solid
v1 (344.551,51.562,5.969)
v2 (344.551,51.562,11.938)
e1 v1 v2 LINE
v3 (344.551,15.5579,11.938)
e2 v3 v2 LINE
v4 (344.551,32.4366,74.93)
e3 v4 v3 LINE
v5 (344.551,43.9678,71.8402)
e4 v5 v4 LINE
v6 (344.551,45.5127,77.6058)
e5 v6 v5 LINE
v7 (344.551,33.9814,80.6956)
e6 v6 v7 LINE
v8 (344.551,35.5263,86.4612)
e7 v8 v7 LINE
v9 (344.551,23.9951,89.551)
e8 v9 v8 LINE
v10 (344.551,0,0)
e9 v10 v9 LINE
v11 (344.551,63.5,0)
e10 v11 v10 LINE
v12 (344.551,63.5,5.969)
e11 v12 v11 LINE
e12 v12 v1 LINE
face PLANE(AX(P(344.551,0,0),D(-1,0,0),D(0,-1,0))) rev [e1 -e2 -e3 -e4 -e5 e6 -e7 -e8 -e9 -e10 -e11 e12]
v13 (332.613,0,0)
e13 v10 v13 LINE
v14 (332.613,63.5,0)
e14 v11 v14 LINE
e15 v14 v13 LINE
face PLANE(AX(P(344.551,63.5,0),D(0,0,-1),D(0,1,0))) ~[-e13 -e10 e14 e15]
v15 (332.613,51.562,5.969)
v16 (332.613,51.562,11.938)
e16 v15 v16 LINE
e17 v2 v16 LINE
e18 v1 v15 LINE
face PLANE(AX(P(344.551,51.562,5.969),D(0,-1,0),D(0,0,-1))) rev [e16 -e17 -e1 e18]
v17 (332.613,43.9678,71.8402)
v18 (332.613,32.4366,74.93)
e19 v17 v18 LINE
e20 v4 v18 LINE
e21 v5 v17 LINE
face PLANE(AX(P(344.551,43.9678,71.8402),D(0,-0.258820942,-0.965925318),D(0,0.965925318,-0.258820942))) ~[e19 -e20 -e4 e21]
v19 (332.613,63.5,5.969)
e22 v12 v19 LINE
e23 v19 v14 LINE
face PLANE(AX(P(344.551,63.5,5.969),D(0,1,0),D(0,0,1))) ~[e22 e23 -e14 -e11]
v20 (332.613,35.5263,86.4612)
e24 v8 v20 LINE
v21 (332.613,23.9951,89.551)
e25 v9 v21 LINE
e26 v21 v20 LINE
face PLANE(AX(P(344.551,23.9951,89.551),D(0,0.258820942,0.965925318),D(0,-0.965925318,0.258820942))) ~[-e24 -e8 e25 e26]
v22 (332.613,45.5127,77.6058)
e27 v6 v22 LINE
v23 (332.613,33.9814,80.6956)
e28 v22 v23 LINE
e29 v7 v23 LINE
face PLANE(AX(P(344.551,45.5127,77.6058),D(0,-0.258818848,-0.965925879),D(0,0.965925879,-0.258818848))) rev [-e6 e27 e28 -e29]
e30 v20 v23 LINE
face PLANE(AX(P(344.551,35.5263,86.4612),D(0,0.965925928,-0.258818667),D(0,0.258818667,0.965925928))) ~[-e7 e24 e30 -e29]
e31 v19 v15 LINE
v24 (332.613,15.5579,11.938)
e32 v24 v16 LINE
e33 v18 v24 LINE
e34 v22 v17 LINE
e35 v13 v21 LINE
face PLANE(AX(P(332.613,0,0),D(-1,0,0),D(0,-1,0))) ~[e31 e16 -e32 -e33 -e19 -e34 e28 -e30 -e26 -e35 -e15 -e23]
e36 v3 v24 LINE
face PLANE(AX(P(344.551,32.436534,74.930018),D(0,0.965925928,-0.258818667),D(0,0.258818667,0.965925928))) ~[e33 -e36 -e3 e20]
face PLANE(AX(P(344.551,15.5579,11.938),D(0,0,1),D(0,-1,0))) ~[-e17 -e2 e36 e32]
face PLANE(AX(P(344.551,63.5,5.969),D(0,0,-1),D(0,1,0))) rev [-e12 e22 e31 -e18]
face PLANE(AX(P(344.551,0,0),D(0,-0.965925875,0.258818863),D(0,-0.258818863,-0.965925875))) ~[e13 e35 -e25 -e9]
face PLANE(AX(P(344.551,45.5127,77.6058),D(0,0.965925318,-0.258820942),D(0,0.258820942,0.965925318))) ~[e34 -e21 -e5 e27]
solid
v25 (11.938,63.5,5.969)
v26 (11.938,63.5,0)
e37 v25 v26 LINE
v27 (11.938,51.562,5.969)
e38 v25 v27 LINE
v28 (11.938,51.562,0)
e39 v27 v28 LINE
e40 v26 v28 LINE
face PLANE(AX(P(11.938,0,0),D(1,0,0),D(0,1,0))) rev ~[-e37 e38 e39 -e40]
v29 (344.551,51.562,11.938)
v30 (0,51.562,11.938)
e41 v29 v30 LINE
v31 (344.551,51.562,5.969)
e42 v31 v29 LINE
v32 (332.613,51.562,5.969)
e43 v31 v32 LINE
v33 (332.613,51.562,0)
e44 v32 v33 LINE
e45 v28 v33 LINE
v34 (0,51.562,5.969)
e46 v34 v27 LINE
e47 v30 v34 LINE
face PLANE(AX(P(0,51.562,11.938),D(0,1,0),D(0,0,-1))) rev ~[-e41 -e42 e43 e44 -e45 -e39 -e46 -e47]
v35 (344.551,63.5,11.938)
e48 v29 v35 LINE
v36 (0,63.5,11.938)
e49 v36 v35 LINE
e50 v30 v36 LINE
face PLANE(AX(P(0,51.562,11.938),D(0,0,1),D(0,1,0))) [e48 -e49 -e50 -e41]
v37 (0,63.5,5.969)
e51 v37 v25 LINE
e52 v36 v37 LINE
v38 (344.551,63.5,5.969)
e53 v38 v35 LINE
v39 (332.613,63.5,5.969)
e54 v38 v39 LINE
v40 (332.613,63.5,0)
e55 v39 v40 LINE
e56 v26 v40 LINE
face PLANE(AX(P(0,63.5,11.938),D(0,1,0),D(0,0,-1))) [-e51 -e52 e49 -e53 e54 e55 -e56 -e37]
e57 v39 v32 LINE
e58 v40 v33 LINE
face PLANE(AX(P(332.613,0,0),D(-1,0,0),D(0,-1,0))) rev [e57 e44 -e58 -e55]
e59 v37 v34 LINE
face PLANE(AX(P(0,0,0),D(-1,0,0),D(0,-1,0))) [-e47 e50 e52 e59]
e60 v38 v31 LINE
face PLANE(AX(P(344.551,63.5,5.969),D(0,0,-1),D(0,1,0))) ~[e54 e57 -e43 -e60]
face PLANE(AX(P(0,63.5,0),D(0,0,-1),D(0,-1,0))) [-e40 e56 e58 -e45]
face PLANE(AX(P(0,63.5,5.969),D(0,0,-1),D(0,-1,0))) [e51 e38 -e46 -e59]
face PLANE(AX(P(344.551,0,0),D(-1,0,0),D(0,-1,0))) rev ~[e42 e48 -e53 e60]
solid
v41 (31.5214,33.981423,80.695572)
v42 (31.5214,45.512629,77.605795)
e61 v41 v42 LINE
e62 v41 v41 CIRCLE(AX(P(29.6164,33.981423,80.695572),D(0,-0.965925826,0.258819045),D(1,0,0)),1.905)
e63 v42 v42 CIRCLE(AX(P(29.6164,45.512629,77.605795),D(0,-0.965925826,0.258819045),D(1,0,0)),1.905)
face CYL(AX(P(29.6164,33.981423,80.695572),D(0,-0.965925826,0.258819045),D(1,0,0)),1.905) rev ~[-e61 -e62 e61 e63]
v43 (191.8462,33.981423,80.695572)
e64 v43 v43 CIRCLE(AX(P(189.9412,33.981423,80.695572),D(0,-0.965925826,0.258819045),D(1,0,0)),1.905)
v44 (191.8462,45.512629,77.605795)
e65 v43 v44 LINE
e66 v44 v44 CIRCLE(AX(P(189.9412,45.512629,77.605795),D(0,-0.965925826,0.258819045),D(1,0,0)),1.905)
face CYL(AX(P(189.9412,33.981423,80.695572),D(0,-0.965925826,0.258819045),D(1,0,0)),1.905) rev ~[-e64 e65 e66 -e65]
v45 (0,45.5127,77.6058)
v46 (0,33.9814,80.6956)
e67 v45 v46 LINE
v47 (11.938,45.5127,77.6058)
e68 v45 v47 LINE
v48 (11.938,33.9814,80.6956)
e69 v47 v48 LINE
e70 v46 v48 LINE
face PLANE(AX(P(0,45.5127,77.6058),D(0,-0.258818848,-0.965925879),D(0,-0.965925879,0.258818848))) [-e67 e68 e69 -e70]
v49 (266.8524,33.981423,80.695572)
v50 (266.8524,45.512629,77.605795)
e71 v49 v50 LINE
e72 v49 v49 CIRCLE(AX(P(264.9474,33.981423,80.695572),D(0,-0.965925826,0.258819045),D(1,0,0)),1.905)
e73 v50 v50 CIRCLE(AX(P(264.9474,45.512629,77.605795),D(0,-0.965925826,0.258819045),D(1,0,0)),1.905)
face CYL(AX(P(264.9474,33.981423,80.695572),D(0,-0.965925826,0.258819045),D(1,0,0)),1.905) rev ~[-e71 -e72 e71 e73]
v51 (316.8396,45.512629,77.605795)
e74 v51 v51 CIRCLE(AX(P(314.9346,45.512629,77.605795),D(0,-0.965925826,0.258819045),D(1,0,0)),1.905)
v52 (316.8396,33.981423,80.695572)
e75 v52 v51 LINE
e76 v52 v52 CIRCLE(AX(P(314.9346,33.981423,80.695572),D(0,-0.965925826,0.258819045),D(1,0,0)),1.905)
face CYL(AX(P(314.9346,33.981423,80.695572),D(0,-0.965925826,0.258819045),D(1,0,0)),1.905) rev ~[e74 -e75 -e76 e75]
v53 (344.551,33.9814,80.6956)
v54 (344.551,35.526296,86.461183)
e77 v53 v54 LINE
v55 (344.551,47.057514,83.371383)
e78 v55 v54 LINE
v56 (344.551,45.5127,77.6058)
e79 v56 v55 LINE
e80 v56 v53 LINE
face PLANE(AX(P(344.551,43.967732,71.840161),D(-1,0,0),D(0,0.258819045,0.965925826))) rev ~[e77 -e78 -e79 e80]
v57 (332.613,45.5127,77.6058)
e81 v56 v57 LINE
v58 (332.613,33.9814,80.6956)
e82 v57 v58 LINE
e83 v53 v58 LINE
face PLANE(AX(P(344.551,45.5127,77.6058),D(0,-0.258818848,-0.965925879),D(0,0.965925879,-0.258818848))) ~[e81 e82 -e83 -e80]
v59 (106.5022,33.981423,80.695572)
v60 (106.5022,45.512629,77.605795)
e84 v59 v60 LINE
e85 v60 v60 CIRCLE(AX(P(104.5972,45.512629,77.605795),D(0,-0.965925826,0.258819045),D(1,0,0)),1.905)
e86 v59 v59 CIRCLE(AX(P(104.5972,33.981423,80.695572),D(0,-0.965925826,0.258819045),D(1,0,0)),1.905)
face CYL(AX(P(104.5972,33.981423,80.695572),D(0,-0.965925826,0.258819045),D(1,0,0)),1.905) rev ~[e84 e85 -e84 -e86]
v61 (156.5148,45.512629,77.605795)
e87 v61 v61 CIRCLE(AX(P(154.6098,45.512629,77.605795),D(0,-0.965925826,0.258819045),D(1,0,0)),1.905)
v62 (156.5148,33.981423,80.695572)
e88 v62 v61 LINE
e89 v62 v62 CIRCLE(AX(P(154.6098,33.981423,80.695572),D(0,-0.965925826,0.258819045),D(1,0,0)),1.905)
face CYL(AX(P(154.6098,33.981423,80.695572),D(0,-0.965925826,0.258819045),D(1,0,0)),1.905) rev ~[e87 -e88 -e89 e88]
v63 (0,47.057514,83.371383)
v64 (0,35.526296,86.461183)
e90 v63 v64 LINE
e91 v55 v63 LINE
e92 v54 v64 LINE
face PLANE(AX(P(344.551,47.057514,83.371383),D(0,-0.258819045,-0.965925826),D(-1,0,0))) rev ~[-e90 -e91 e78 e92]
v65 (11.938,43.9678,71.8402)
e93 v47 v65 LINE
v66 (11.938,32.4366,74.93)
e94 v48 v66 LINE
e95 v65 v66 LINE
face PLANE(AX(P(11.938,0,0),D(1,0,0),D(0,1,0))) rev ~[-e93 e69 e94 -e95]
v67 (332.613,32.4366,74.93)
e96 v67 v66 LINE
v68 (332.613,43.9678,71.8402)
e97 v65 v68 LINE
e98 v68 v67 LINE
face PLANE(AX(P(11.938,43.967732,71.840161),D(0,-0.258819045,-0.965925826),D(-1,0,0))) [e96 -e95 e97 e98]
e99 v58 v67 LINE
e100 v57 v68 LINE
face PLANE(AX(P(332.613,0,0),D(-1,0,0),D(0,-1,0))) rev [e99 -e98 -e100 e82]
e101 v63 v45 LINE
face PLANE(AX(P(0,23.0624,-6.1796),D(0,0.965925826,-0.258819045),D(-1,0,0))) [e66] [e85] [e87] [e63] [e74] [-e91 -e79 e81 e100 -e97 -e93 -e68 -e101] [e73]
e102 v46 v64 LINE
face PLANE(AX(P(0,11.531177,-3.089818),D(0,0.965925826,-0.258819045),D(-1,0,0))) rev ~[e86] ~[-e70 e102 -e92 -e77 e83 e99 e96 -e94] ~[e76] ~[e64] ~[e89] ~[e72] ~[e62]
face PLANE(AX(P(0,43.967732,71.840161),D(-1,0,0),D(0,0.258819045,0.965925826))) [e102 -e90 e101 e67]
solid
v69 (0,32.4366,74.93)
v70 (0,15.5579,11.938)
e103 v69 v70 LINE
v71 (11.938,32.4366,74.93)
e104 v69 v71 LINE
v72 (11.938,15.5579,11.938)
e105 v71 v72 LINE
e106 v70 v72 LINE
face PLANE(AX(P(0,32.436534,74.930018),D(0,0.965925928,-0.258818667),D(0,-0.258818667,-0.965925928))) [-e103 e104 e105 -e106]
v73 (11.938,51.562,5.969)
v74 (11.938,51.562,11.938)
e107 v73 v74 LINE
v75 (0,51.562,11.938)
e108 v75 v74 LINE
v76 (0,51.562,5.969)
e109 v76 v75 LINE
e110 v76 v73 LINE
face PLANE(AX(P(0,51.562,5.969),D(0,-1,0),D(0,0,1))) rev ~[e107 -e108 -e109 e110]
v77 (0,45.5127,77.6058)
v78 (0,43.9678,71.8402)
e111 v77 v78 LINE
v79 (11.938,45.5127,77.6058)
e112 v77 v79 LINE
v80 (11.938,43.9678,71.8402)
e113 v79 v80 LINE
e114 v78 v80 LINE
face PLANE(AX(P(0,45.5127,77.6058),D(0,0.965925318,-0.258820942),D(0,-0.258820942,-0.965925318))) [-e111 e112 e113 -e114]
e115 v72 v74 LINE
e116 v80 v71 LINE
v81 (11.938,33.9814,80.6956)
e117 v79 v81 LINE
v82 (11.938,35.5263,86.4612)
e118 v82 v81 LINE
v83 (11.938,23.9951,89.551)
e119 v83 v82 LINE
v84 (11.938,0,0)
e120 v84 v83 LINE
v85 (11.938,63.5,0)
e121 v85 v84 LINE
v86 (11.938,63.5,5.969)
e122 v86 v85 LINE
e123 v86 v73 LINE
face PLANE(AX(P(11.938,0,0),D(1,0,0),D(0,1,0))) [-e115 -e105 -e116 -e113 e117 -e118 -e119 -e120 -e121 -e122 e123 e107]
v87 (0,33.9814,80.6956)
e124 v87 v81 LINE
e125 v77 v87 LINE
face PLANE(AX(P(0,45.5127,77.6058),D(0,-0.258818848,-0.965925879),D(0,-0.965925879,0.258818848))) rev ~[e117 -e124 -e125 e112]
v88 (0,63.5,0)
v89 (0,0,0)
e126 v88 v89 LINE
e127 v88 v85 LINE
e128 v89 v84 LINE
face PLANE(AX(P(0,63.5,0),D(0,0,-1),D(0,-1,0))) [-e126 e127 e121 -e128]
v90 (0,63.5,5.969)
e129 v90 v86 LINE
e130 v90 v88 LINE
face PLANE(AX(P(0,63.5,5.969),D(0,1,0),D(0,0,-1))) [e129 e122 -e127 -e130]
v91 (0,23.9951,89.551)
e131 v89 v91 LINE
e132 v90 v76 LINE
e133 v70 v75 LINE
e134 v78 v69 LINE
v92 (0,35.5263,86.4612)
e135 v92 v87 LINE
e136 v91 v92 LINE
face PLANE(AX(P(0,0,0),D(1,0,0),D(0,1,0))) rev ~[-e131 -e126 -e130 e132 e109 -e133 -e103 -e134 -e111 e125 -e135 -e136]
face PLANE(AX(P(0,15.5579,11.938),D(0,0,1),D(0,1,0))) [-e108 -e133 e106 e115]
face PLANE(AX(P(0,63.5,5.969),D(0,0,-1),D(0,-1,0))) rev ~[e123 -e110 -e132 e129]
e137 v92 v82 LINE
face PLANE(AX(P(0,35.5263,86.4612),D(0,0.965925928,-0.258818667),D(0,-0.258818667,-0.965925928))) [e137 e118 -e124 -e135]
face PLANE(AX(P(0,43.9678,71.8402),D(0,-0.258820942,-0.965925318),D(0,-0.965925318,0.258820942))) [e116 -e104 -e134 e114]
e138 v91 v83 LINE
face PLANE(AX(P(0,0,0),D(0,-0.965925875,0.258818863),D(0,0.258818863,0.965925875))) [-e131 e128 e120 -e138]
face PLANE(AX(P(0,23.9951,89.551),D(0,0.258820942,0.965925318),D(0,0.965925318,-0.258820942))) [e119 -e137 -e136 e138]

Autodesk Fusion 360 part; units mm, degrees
sketch "Sketch1" plane through (0, 0, 0) normal (1, 0, 0) x (0, 1, 0)
  line L0 (0, 0) -> (23.9951, 89.551)
  line L1 (23.9951, 89.551) -> (35.5263, 86.4612)
  line L2 (35.5263, 86.4612) -> (15.5579, 11.938)
  line L3 (15.5579, 11.938) -> (51.562, 11.938)
  line L4 (63.5, 5.969) -> (63.5, 0)
  line L5 (63.5, 0) -> (0, 0)
  line L6 (45.5127, 77.6058) -> (43.9678, 71.8402)
  line L7 (43.9678, 71.8402) -> (32.4366, 74.93)
  line L8 (45.5127, 77.6058) -> (33.9814, 80.6956)
  line L9 (63.5, 5.969) -> (51.562, 5.969)
  line L10 (51.562, 5.969) -> (51.562, 11.938)
  dimension "d9" = 92.71
  dimension "d10" = 11.938
  dimension "d11" = 75
  dimension "d13" = 63.5
  dimension "d24" = 11.938
  dimension "d25" = 5.969
  dimension "d26" = 5.969
  dimension "d27" = 11.938
  dimension "d28" = 5.969
  dimension "d29" = 36.0041
extrude "Extrude1" add sketch "Sketch1" along normal blind 11.938 makes body 1
sketch "Sketch3" plane through (0, 23.0624, -6.1796) normal (0, 0.9659, -0.2588) x (-1, 0, 0)
  line L0 (0, 80.772) -> (0, 86.741)
  line L1 (-11.938, 86.741) -> (-11.938, 80.772)
  line L2 (-11.938, 80.772) -> (0, 80.772)
  line L3 (0, 80.772) -> (-344.551, 80.772)
  line L4 (-344.551, 80.772) -> (-344.551, 92.71)
  line L5 (-344.551, 92.71) -> (0, 92.71)
  line L6 (0, 92.71) -> (0, 80.772)
  line L7 (0, 86.741) -> (-11.938, 86.741)
  dimension "d16" = 11.938
  dimension "d17" = 344.551
extrude "Extrude3" add sketch "Sketch3" against normal blind 11.938 separate body makes body 2
ref_plane "WorkPlane2" through (172.2755, 39.7471, 79.1507) normal (-1, 0, 0) x (0, -0.2588, -0.9659)
mirror "Mirror2" about plane through (172.2755, 39.7471, 79.1507) normal (-1, 0, 0) of bodies 1 makes body 3
sketch "Sketch4" plane through (0, 0, 0) normal (-1, 0, 0) x (0, -1, 0)
  line L0 (-43.9678, 71.8402) -> (-32.4366, 74.93)
  line L1 (-32.4366, 74.93) -> (-15.5579, 11.938)
  line L2 (-15.5579, 11.938) -> (-51.562, 11.938)
  line L3 (-51.562, 11.938) -> (-51.562, 5.969)
  line L4 (-51.562, 5.969) -> (-63.5, 5.969)
  line L5 (-63.5, 5.969) -> (-63.5, 0)
  line L6 (-63.5, 0) -> (0, 0)
  line L7 (0, 0) -> (-23.9951, 89.551)
  line L8 (-23.9951, 89.551) -> (-35.5263, 86.4612)
  line L9 (-35.5263, 86.4612) -> (-33.9814, 80.6956)
  line L10 (-33.9814, 80.6956) -> (-45.5127, 77.6058)
  line L11 (-45.5127, 77.6058) -> (-43.9678, 71.8402)
  line L12 (-63.5, 0) -> (-51.562, 0)
  line L13 (-51.562, 0) -> (-51.562, 11.938)
  line L14 (-51.562, 11.938) -> (-63.5, 11.938)
  line L15 (-63.5, 11.938) -> (-63.5, 0)
extrude "Extrude4" add sketch "Sketch4" against normal up to surface (344.551 mm away) separate body contours L3 L4 L13 L14 L15 | L4 L5 L6 L12 L13 L15 makes body 4
combine "Combine3" operation cut target body 2 tool bodies 1 3 keep tools
combine "Combine4" operation cut target body 4 tool bodies 1 3 keep tools
copy_body "Body->Comp9" bodies 1 removing the originals makes body 5 in component "Side1"
copy_body "Body->Comp10" bodies 2 removing the originals makes body 6 in component "TopStretcher"
copy_body "Body->Comp11" bodies 3 removing the originals makes body 7 in component "Side2"
copy_body "Body->Comp12" bodies 4 removing the originals makes body 8 in component "BottomStretcher"
sketch "Sketch5" plane through (0, 11.5312, -3.0898) normal (0, -0.9659, 0.2588) x (1, 0, 0)
  line L0 (344.551, 92.71) -> (0, 92.71)
  line L1 (0, 92.71) -> (0, 86.741)
  line L2 (0, 86.741) -> (11.938, 86.741)
  line L3 (11.938, 86.741) -> (11.938, 80.772)
  line L4 (11.938, 80.772) -> (332.613, 80.772)
  line L5 (332.613, 80.772) -> (332.613, 86.741)
  line L6 (332.613, 86.741) -> (344.551, 86.741)
  line L7 (344.551, 86.741) -> (344.551, 92.71)
  line L8 (11.938, 86.741) -> (332.613, 86.741) construction
  circle A0 centre (314.9346, 86.741) radius 1.905
  circle A1 centre (264.9474, 86.741) radius 1.905
  circle A2 centre (189.9412, 86.741) radius 1.905
  circle A3 centre (29.6164, 86.741) radius 1.905
  circle A4 centre (104.5972, 86.741) radius 1.905
  circle A5 centre (154.6098, 86.741) radius 1.905
  line L9 (11.938, 92.71) -> (11.938, 0)
  dimension "d32" = 3.81
  dimension "d33" = 3.81
  dimension "d34" = 3.81
  dimension "d35" = 17.6784
  dimension "d36" = 67.6656
  dimension "d37" = 142.6718
  dimension "d42" = 3.81
  dimension "d43" = 3.81
  dimension "d44" = 3.81
  dimension "d45" = 17.6784
  dimension "d46" = 92.6592
  dimension "d47" = 142.6718
extrude "Extrude1'" cut sketch "Sketch5" against normal through all contours A0 | A1 | A2 | A3 | A4 | A5 bodies 6 in component "TopStretcher"
component "Side1" placed x (1, 0, 0) y (0, 1, 0) z (0, 0, 1) at (0, 0, 0)
component "TopStretcher" placed x (1, 0, 0) y (0, 1, 0) z (0, 0, 1) at (0, 0, 0)
component "Side2" placed x (1, 0, 0) y (0, 1, 0) z (0, 0, 1) at (0, 0, 0)
component "BottomStretcher" placed x (1, 0, 0) y (0, 1, 0) z (0, 0, 1) at (0, 0, 0)
equation "PlyThin = 0.47 in"
equation "d2 = PlyThin"
equation "d9 = PanelHeight + 0.5 in"
equation "d10 = PlyThin"
equation "d16 = PlyThin"
equation "d17 = PanelWidth"
equation "PanelWidth = 2 * 6 5/16\" + 2 * PlyThin"
equation "PanelHeight = 3.15 in"
equation "d24 = PlyThin"
equation "d25 = PlyThin / 2"
equation "d26 = PlyThin / 2"
equation "d27 = PlyThin"
equation "d28 = PlyThin / 2"
